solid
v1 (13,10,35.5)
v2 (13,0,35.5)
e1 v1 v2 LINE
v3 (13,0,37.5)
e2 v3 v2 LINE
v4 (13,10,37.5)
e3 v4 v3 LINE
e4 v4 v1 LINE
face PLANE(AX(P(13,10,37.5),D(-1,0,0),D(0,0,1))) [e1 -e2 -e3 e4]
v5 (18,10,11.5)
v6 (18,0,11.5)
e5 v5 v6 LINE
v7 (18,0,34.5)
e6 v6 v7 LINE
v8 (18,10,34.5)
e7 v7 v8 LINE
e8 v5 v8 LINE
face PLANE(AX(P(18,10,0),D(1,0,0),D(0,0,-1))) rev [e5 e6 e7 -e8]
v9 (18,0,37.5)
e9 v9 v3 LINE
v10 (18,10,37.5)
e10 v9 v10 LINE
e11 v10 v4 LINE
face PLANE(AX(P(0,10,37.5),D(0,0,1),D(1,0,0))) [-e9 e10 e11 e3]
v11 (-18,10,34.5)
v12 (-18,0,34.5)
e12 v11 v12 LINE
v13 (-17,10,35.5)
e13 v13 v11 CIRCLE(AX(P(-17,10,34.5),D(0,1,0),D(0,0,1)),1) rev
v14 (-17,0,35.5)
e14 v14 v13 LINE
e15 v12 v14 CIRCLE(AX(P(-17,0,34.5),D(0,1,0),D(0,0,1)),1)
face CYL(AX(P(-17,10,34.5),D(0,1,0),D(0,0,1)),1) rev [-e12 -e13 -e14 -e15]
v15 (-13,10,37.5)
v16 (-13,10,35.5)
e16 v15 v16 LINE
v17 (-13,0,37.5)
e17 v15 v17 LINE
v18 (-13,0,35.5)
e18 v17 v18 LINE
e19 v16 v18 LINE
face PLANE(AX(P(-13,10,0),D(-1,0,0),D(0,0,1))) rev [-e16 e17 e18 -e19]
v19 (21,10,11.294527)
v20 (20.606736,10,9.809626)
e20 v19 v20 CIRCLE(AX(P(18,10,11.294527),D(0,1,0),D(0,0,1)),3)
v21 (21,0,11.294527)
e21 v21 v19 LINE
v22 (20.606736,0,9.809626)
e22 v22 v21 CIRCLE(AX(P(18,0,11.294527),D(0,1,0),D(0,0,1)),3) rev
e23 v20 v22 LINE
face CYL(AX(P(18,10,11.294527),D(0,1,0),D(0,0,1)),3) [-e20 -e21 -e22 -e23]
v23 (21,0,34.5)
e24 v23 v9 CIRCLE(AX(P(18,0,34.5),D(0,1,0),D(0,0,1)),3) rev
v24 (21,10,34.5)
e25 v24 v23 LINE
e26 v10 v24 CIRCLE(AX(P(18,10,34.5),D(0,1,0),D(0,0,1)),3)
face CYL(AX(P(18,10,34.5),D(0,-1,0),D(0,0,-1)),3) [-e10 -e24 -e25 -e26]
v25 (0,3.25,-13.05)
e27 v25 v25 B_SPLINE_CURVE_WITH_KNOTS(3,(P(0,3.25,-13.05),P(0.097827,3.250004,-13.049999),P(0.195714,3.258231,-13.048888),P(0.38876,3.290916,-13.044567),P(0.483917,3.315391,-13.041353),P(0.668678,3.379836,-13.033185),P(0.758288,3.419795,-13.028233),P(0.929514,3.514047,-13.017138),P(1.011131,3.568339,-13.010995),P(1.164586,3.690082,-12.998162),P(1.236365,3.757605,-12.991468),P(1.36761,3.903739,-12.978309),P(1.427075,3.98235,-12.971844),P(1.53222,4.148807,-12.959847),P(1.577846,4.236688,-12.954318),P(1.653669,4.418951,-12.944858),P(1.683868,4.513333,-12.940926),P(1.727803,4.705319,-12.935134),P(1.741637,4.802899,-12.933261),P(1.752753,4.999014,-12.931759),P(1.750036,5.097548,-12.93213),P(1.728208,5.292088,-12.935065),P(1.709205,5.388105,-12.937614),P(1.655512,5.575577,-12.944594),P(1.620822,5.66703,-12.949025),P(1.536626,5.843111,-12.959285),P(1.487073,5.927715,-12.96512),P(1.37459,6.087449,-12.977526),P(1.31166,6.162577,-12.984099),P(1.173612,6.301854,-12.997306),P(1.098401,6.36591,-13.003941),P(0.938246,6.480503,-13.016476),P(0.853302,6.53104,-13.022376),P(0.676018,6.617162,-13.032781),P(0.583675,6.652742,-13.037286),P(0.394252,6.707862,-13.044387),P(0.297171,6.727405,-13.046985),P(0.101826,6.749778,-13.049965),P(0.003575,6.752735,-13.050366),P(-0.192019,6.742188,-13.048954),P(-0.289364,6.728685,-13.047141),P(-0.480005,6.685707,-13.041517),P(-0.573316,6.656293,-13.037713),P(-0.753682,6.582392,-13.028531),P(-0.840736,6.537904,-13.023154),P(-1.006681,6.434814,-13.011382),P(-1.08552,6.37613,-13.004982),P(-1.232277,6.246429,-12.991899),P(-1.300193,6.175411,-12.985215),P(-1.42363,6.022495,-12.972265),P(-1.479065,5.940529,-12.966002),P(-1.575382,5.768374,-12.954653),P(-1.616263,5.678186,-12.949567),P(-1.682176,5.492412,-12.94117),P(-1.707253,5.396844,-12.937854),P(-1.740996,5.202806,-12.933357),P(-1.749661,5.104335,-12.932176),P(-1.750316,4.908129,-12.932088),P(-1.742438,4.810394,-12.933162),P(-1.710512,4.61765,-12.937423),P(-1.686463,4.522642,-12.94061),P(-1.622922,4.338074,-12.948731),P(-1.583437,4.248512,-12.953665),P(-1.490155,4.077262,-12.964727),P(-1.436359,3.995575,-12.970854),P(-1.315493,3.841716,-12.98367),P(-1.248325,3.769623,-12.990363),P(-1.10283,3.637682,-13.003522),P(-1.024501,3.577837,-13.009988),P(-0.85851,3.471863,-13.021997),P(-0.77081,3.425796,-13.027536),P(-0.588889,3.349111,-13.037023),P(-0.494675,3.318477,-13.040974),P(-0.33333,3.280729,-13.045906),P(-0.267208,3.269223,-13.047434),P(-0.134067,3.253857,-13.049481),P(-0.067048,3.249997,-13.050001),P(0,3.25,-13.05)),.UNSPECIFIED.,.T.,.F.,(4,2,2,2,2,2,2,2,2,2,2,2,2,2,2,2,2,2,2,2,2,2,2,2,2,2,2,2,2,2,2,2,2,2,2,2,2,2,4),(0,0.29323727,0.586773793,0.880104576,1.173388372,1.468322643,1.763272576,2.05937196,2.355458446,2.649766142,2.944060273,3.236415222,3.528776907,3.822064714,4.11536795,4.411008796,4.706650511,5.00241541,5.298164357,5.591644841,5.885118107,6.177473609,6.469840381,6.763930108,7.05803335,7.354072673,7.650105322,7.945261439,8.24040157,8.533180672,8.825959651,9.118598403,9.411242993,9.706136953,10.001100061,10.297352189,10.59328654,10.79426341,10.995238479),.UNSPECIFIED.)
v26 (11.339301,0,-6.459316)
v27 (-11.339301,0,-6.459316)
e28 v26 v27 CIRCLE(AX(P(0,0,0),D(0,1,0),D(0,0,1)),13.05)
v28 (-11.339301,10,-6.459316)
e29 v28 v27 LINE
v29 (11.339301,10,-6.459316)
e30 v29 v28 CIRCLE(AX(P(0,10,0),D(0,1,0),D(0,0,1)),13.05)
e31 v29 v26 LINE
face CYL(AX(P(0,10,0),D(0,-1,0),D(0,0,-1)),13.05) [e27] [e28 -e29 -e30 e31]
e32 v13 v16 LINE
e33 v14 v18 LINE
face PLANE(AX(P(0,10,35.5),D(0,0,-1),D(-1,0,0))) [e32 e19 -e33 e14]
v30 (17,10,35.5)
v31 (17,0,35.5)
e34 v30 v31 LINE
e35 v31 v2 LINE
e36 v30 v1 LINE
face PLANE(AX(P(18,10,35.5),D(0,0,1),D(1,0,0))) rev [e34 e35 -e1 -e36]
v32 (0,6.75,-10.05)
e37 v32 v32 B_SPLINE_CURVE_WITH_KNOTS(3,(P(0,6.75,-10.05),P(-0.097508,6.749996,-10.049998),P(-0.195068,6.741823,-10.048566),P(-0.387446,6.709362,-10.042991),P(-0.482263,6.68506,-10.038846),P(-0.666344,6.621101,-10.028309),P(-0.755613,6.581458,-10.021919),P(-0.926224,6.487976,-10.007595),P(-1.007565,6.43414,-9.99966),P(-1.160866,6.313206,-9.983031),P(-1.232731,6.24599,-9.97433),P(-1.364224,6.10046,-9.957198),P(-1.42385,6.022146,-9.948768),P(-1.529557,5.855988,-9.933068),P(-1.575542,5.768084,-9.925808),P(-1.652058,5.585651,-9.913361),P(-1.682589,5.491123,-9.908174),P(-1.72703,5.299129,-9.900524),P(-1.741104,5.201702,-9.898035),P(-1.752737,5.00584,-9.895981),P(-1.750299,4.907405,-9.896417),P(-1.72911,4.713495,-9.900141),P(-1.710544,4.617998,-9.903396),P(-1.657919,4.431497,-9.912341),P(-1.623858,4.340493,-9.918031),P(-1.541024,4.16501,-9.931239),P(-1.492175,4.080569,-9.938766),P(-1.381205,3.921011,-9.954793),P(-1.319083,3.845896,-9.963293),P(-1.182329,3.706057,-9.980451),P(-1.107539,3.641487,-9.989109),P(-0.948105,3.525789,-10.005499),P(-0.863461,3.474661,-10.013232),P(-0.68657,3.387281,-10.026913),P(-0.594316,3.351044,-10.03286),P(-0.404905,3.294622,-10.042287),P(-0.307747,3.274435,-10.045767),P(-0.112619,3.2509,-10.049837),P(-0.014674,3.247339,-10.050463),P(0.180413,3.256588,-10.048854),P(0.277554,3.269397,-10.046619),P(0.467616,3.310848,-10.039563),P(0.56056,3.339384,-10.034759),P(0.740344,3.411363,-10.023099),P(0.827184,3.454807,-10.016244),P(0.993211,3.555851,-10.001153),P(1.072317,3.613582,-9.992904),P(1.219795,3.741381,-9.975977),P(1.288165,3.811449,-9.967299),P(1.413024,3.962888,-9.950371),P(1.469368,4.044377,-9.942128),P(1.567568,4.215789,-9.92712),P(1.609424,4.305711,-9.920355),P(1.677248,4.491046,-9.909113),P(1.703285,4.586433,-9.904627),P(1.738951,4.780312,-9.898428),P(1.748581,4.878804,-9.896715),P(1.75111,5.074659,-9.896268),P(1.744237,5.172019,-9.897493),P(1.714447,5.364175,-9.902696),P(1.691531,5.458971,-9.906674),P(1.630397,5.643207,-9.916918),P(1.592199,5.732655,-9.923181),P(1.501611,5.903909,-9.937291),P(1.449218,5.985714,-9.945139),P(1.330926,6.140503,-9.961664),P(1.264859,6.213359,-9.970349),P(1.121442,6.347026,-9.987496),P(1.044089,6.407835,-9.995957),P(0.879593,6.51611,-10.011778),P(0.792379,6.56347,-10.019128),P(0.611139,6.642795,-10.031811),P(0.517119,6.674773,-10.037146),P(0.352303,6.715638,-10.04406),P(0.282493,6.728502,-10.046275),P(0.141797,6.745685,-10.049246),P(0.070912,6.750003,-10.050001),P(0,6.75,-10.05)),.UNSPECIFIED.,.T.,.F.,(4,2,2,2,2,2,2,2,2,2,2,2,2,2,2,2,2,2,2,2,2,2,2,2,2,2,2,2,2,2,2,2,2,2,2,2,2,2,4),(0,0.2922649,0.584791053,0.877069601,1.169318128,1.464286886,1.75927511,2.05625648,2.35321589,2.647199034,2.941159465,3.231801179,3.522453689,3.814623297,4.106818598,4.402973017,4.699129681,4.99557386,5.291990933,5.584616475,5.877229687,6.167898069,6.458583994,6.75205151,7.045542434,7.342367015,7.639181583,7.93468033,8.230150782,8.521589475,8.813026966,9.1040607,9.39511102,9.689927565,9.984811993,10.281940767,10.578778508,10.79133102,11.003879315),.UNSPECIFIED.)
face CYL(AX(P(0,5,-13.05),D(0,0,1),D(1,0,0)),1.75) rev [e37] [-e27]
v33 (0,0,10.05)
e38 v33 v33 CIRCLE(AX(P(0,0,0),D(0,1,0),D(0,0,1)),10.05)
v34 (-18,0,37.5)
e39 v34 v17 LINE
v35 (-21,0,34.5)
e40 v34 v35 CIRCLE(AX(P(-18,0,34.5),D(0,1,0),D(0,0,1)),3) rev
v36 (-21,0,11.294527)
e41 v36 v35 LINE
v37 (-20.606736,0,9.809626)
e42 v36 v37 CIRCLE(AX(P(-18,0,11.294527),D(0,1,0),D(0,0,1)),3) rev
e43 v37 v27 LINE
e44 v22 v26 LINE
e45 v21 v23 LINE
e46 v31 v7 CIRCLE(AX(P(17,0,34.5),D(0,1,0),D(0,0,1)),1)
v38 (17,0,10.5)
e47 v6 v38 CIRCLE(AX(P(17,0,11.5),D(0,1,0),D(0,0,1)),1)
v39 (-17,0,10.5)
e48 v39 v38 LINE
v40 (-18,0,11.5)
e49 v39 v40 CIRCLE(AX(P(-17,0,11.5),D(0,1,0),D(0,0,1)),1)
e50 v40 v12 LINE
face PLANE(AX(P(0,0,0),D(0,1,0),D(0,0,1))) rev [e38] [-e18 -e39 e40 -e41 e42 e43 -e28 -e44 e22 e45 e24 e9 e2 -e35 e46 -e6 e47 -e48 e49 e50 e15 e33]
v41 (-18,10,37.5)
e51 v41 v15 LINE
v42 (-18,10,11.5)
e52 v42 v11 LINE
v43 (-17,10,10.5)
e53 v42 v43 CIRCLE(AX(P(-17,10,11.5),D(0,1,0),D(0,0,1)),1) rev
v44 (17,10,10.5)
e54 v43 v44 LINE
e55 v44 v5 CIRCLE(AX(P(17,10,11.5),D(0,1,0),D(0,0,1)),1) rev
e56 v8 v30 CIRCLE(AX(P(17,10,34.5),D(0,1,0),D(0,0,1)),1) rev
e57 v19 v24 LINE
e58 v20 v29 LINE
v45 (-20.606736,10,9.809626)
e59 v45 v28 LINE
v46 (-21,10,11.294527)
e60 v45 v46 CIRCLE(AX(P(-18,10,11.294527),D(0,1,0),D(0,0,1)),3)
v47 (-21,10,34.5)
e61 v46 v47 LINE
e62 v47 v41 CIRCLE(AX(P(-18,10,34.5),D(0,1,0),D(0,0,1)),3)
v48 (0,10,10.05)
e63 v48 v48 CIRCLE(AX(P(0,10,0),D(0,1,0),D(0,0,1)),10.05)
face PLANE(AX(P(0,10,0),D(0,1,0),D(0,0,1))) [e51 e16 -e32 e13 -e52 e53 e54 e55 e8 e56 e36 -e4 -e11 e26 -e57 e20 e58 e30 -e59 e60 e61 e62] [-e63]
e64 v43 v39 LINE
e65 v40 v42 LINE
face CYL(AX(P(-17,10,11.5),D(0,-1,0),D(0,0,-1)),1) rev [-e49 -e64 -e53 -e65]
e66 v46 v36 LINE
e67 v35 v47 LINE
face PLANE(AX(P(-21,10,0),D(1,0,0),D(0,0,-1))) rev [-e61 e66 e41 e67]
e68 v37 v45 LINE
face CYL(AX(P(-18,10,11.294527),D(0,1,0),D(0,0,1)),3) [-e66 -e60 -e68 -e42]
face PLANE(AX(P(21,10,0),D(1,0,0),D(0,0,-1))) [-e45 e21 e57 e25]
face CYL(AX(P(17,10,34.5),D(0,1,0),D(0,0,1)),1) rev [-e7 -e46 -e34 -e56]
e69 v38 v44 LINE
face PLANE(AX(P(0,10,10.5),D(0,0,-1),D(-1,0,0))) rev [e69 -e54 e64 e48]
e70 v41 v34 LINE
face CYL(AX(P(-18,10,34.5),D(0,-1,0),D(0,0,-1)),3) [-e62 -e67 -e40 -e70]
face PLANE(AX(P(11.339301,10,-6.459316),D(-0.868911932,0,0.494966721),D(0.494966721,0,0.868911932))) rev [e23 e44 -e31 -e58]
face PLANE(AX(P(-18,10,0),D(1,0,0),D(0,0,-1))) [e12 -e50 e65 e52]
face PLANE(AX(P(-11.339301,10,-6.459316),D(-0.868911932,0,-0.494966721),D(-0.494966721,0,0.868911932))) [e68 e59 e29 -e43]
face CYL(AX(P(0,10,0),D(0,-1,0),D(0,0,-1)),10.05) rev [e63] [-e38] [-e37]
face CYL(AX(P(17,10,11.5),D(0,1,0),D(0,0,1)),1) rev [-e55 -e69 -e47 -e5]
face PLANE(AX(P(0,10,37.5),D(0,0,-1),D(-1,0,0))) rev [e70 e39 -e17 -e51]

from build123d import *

# Parameters (mm, degrees)
SKETCH_1_R          = 10.05
EXTRUDE_1_DEPTH     = 10
FILLET_1_R          = 3
FILLET_2_R          = 1
SKETCH_2_R          = 1.75
CUT_EXTRUDE_1_DEPTH = 45.127655727


with BuildPart() as part:
    # 草图1 → 凸台-拉伸1 (new body)
    with BuildSketch(Plane(origin=(0, 0, 0), x_dir=(1, 0, 0), z_dir=(0, 1, 0))):
        with BuildLine():
            Line((-11.33930071, 6.459315707), (-21, -10.5))
            Line((-21, -10.5), (-21, -37.5))
            Line((-21, -37.5), (-13, -37.5))
            Line((-13, -37.5), (-13, -35.5))
            Line((-13, -35.5), (-18, -35.5))
            Line((-18, -35.5), (-18, -10.5))
            Line((-18, -10.5), (18, -10.5))
            Line((18, -10.5), (18, -35.5))
            Line((18, -35.5), (13, -35.5))
            Line((13, -35.5), (13, -37.5))
            Line((13, -37.5), (21, -37.5))
            Line((21, -37.5), (21, -10.5))
            Line((21, -10.5), (11.33930071, 6.459315707))
            ThreePointArc((11.33930071, 6.459315707), (0, 13.05), (-11.33930071, 6.459315707))
        make_face()
        with Locations(Location((0, 0, 0), (0, 0, 270))):
            Circle(SKETCH_1_R, mode=Mode.SUBTRACT)
    extrude(amount=EXTRUDE_1_DEPTH)

    # 圆角1
    fillet_1_edges = [part.edges().sort_by_distance(p)[0] for p in [
        (21, 5, 37.5),
        (-21, 5, 37.5),
        (-21, 5, 10.5),
        (21, 5, 10.5),
    ]]
    fillet(fillet_1_edges, radius=FILLET_1_R)

    # 圆角2
    fillet_2_edges = [part.edges().sort_by_distance(p)[0] for p in [
        (18, 5, 10.5),
        (-18, 5, 10.5),
        (-18, 5, 35.5),
        (18, 5, 35.5),
    ]]
    fillet(fillet_2_edges, radius=FILLET_2_R)

    # 草图2 → 切除-拉伸1 (cut, through all)
    with BuildSketch(Plane.XY):
        with Locations(Location((0, 5, 0), (0, 0, 90))):
            Circle(SKETCH_2_R)
    extrude(amount=-CUT_EXTRUDE_1_DEPTH, mode=Mode.SUBTRACT)


solid = part.part
